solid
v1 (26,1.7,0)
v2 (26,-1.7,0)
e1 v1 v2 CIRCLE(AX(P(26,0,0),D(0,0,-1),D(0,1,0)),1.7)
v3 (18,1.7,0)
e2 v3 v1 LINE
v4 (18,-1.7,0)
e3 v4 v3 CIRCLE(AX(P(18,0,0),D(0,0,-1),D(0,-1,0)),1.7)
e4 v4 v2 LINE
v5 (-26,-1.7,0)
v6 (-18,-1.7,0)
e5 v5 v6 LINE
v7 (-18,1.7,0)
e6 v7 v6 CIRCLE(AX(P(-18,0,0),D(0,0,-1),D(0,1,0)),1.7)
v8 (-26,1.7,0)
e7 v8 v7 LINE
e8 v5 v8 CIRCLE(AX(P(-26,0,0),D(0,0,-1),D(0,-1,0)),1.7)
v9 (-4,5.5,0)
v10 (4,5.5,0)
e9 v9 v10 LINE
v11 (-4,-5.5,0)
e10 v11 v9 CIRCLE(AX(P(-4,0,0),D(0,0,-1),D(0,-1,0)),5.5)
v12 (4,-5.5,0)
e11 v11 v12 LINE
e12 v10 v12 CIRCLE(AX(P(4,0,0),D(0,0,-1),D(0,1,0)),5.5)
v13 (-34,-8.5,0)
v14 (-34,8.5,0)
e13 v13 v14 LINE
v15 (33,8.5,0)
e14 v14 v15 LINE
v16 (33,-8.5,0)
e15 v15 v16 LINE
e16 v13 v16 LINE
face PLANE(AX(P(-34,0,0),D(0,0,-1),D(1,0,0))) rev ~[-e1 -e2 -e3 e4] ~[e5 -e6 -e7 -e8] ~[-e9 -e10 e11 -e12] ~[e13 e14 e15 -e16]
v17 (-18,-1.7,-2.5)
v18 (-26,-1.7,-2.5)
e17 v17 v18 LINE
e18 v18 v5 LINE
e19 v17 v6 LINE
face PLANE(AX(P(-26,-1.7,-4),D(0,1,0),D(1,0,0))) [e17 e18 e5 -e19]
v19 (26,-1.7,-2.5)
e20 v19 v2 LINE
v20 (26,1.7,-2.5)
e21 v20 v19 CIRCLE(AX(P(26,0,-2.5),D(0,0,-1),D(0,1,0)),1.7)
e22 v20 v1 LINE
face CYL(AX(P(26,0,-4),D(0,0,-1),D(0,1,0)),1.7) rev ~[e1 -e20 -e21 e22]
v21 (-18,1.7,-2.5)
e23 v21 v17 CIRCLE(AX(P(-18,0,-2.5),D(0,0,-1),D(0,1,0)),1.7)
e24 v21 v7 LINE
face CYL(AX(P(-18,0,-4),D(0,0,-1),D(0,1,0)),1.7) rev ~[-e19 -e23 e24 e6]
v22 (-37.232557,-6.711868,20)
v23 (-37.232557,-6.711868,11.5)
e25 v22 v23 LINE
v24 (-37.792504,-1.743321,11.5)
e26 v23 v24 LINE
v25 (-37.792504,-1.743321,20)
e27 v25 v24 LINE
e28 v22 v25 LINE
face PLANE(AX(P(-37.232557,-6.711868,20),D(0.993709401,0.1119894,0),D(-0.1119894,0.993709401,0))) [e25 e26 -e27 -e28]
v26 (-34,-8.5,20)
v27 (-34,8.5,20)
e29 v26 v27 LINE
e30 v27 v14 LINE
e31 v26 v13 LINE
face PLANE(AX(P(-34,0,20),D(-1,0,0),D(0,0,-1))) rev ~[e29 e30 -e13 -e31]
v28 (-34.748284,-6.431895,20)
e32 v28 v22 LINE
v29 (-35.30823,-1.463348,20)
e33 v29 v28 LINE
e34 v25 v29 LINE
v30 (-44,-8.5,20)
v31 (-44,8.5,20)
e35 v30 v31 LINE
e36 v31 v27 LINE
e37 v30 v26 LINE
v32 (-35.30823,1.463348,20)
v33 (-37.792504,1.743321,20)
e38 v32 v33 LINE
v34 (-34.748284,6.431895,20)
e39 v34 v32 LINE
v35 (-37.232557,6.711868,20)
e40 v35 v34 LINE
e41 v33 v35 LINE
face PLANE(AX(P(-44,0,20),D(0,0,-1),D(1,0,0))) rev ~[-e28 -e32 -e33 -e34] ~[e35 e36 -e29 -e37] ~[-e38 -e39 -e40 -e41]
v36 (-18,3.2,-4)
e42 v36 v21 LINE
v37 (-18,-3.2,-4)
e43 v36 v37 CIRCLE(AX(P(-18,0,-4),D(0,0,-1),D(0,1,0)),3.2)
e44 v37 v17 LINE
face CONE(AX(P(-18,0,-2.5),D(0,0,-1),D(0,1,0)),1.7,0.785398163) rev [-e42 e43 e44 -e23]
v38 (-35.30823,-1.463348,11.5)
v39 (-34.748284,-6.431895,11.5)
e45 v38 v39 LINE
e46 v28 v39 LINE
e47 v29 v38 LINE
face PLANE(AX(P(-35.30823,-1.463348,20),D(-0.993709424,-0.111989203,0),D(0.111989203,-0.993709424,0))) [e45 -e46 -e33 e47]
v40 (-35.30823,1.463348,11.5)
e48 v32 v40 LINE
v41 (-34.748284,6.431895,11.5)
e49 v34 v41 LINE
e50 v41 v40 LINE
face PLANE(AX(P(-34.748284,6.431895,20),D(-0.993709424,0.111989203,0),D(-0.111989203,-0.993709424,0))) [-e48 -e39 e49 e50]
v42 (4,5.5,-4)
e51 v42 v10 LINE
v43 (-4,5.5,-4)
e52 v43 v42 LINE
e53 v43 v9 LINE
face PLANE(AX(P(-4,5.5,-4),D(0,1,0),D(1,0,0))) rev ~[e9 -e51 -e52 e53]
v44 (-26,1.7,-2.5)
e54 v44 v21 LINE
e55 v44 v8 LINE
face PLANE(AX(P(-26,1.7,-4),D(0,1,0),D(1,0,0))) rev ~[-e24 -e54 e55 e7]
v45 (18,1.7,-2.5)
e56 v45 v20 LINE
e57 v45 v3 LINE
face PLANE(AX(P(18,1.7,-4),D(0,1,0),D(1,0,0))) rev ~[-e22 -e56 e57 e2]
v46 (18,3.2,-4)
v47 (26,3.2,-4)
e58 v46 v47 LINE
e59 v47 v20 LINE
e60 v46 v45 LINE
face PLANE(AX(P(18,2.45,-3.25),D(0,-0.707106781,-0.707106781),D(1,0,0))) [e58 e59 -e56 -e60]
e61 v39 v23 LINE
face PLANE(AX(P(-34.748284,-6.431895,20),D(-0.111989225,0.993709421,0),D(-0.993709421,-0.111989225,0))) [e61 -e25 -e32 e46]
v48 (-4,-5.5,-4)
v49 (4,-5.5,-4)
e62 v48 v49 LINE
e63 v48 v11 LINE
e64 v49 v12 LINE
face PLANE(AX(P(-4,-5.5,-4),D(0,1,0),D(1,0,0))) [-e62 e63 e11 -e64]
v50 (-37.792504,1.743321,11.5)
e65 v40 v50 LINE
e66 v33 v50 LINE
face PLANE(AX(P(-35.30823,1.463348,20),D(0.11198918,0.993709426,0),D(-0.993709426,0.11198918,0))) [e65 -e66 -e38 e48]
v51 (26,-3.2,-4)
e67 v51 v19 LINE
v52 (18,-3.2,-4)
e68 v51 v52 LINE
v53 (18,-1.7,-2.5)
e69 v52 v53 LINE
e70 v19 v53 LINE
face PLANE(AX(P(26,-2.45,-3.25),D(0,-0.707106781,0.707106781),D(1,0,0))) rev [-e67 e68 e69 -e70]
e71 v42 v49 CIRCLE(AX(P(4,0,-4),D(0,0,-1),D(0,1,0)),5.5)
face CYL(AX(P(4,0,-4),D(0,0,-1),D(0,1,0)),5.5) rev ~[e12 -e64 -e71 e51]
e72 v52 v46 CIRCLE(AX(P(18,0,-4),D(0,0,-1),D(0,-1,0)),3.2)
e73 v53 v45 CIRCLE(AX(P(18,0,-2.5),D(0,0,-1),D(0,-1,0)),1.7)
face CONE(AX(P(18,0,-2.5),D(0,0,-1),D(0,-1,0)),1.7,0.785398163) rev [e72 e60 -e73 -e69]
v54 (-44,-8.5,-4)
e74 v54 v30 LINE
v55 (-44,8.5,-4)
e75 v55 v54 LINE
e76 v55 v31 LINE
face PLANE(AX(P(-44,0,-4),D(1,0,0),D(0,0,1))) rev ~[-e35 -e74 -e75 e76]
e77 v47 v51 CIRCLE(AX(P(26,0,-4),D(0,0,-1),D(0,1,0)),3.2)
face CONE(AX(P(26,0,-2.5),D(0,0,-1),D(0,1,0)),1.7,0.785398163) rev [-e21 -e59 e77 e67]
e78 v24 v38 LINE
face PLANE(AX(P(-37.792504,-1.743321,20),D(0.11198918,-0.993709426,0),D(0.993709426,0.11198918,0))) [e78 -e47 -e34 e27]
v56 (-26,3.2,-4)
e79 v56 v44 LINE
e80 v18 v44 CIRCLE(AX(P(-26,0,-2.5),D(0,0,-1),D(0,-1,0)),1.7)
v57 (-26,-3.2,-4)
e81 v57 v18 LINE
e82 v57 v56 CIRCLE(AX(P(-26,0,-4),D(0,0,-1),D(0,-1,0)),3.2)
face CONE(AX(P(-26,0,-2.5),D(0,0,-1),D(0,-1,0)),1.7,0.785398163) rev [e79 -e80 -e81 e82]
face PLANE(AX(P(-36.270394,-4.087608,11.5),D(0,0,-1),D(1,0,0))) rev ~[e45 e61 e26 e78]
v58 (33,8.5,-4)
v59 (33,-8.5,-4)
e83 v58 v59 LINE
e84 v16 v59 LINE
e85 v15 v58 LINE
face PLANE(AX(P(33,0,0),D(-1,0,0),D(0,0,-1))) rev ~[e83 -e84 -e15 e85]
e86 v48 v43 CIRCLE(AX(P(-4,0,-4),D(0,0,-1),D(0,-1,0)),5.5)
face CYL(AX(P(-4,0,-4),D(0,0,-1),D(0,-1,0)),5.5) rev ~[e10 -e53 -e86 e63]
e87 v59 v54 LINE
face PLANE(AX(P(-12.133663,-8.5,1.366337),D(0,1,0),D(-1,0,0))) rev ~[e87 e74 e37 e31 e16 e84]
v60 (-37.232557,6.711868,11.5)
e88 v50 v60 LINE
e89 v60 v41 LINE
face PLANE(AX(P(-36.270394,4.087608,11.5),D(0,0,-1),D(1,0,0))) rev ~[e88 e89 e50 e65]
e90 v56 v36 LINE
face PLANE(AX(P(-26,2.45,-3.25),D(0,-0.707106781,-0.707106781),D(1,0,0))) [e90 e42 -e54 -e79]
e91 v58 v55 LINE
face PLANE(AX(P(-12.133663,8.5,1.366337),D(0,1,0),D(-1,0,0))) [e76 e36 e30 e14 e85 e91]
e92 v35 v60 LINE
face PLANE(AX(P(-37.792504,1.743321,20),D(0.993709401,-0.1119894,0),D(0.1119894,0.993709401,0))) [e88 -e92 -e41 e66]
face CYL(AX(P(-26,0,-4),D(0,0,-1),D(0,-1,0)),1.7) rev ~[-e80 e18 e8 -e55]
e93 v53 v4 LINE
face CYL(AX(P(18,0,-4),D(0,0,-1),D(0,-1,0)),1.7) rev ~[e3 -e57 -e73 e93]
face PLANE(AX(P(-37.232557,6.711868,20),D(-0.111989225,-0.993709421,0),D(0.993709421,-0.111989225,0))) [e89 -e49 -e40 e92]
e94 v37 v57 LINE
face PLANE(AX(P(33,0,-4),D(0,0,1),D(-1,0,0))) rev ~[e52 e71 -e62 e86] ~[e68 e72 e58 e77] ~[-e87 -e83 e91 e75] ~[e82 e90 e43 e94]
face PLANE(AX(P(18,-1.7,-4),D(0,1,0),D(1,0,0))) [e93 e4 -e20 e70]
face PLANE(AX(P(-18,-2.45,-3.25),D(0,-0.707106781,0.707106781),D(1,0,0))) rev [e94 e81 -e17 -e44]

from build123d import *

# Parameters (mm, degrees)
PAD_DEPTH       = 8.5
POCKET_DEPTH    = 24.001
POCKET001_DEPTH = 8.5
CHAMFER_SIZE    = 1.5
CHAMFER001_SIZE = 1.5


with BuildPart() as part:
    # Sketch → Pad (new body, symmetric)
    with BuildSketch(Plane.XZ):
        Polygon((-44, -4), (-44, 20), (-34, 20), (-34, 0), (33, 0), (33, -4), align=None)
    extrude(amount=PAD_DEPTH, both=True)

    # Sketch001 → Pocket (cut, through all)
    with BuildSketch(Plane(origin=(0, 0, -4), x_dir=(1, 0, 0), z_dir=(0, 0, -1))):
        with BuildLine():
            ThreePointArc((-26, 1.7), (-27.7, 0), (-26, -1.7))
            Line((-26, -1.7), (-18, -1.7))
            ThreePointArc((-18, -1.7), (-16.3, 0), (-18, 1.7))
            Line((-26, 1.7), (-18, 1.7))
        make_face()
        with BuildLine():
            ThreePointArc((-4, 5.5), (-9.5, 0), (-4, -5.5))
            Line((-4, -5.5), (4, -5.5))
            ThreePointArc((4, -5.5), (9.5, 0), (4, 5.5))
            Line((-4, 5.5), (4, 5.5))
        make_face()
        with BuildLine():
            ThreePointArc((18, 1.7), (16.3, 0), (18, -1.7))
            Line((18, -1.7), (26, -1.7))
            ThreePointArc((26, -1.7), (27.7, 0), (26, 1.7))
            Line((18, 1.7), (26, 1.7))
        make_face()
    extrude(amount=-POCKET_DEPTH, mode=Mode.SUBTRACT)

    # Sketch006 → Pocket001 (cut)
    with BuildSketch(Plane(origin=(0, 0, 20), x_dir=(-1, 0, 0), z_dir=(0, 0, 1))):
        Polygon((34.748284, 6.431895), (37.232557, 6.711868), (37.792504, 1.743321), (35.30823, 1.463348), align=None)
        Polygon((35.30823, -1.463348), (37.792504, -1.743321), (37.232557, -6.711868), (34.748284, -6.431895), align=None)
    extrude(amount=-POCKET001_DEPTH, mode=Mode.SUBTRACT)

    # Chamfer
    chamfer_edges = [part.edges().sort_by_distance(p)[0] for p in [
        (22, 1.7, -4),
    ]]
    chamfer(chamfer_edges, length=CHAMFER_SIZE)

    # Chamfer001
    chamfer001_edges = [part.edges().sort_by_distance(p)[0] for p in [
        (-22, 1.7, -4),
    ]]
    chamfer(chamfer001_edges, length=CHAMFER001_SIZE)


solid = part.part
